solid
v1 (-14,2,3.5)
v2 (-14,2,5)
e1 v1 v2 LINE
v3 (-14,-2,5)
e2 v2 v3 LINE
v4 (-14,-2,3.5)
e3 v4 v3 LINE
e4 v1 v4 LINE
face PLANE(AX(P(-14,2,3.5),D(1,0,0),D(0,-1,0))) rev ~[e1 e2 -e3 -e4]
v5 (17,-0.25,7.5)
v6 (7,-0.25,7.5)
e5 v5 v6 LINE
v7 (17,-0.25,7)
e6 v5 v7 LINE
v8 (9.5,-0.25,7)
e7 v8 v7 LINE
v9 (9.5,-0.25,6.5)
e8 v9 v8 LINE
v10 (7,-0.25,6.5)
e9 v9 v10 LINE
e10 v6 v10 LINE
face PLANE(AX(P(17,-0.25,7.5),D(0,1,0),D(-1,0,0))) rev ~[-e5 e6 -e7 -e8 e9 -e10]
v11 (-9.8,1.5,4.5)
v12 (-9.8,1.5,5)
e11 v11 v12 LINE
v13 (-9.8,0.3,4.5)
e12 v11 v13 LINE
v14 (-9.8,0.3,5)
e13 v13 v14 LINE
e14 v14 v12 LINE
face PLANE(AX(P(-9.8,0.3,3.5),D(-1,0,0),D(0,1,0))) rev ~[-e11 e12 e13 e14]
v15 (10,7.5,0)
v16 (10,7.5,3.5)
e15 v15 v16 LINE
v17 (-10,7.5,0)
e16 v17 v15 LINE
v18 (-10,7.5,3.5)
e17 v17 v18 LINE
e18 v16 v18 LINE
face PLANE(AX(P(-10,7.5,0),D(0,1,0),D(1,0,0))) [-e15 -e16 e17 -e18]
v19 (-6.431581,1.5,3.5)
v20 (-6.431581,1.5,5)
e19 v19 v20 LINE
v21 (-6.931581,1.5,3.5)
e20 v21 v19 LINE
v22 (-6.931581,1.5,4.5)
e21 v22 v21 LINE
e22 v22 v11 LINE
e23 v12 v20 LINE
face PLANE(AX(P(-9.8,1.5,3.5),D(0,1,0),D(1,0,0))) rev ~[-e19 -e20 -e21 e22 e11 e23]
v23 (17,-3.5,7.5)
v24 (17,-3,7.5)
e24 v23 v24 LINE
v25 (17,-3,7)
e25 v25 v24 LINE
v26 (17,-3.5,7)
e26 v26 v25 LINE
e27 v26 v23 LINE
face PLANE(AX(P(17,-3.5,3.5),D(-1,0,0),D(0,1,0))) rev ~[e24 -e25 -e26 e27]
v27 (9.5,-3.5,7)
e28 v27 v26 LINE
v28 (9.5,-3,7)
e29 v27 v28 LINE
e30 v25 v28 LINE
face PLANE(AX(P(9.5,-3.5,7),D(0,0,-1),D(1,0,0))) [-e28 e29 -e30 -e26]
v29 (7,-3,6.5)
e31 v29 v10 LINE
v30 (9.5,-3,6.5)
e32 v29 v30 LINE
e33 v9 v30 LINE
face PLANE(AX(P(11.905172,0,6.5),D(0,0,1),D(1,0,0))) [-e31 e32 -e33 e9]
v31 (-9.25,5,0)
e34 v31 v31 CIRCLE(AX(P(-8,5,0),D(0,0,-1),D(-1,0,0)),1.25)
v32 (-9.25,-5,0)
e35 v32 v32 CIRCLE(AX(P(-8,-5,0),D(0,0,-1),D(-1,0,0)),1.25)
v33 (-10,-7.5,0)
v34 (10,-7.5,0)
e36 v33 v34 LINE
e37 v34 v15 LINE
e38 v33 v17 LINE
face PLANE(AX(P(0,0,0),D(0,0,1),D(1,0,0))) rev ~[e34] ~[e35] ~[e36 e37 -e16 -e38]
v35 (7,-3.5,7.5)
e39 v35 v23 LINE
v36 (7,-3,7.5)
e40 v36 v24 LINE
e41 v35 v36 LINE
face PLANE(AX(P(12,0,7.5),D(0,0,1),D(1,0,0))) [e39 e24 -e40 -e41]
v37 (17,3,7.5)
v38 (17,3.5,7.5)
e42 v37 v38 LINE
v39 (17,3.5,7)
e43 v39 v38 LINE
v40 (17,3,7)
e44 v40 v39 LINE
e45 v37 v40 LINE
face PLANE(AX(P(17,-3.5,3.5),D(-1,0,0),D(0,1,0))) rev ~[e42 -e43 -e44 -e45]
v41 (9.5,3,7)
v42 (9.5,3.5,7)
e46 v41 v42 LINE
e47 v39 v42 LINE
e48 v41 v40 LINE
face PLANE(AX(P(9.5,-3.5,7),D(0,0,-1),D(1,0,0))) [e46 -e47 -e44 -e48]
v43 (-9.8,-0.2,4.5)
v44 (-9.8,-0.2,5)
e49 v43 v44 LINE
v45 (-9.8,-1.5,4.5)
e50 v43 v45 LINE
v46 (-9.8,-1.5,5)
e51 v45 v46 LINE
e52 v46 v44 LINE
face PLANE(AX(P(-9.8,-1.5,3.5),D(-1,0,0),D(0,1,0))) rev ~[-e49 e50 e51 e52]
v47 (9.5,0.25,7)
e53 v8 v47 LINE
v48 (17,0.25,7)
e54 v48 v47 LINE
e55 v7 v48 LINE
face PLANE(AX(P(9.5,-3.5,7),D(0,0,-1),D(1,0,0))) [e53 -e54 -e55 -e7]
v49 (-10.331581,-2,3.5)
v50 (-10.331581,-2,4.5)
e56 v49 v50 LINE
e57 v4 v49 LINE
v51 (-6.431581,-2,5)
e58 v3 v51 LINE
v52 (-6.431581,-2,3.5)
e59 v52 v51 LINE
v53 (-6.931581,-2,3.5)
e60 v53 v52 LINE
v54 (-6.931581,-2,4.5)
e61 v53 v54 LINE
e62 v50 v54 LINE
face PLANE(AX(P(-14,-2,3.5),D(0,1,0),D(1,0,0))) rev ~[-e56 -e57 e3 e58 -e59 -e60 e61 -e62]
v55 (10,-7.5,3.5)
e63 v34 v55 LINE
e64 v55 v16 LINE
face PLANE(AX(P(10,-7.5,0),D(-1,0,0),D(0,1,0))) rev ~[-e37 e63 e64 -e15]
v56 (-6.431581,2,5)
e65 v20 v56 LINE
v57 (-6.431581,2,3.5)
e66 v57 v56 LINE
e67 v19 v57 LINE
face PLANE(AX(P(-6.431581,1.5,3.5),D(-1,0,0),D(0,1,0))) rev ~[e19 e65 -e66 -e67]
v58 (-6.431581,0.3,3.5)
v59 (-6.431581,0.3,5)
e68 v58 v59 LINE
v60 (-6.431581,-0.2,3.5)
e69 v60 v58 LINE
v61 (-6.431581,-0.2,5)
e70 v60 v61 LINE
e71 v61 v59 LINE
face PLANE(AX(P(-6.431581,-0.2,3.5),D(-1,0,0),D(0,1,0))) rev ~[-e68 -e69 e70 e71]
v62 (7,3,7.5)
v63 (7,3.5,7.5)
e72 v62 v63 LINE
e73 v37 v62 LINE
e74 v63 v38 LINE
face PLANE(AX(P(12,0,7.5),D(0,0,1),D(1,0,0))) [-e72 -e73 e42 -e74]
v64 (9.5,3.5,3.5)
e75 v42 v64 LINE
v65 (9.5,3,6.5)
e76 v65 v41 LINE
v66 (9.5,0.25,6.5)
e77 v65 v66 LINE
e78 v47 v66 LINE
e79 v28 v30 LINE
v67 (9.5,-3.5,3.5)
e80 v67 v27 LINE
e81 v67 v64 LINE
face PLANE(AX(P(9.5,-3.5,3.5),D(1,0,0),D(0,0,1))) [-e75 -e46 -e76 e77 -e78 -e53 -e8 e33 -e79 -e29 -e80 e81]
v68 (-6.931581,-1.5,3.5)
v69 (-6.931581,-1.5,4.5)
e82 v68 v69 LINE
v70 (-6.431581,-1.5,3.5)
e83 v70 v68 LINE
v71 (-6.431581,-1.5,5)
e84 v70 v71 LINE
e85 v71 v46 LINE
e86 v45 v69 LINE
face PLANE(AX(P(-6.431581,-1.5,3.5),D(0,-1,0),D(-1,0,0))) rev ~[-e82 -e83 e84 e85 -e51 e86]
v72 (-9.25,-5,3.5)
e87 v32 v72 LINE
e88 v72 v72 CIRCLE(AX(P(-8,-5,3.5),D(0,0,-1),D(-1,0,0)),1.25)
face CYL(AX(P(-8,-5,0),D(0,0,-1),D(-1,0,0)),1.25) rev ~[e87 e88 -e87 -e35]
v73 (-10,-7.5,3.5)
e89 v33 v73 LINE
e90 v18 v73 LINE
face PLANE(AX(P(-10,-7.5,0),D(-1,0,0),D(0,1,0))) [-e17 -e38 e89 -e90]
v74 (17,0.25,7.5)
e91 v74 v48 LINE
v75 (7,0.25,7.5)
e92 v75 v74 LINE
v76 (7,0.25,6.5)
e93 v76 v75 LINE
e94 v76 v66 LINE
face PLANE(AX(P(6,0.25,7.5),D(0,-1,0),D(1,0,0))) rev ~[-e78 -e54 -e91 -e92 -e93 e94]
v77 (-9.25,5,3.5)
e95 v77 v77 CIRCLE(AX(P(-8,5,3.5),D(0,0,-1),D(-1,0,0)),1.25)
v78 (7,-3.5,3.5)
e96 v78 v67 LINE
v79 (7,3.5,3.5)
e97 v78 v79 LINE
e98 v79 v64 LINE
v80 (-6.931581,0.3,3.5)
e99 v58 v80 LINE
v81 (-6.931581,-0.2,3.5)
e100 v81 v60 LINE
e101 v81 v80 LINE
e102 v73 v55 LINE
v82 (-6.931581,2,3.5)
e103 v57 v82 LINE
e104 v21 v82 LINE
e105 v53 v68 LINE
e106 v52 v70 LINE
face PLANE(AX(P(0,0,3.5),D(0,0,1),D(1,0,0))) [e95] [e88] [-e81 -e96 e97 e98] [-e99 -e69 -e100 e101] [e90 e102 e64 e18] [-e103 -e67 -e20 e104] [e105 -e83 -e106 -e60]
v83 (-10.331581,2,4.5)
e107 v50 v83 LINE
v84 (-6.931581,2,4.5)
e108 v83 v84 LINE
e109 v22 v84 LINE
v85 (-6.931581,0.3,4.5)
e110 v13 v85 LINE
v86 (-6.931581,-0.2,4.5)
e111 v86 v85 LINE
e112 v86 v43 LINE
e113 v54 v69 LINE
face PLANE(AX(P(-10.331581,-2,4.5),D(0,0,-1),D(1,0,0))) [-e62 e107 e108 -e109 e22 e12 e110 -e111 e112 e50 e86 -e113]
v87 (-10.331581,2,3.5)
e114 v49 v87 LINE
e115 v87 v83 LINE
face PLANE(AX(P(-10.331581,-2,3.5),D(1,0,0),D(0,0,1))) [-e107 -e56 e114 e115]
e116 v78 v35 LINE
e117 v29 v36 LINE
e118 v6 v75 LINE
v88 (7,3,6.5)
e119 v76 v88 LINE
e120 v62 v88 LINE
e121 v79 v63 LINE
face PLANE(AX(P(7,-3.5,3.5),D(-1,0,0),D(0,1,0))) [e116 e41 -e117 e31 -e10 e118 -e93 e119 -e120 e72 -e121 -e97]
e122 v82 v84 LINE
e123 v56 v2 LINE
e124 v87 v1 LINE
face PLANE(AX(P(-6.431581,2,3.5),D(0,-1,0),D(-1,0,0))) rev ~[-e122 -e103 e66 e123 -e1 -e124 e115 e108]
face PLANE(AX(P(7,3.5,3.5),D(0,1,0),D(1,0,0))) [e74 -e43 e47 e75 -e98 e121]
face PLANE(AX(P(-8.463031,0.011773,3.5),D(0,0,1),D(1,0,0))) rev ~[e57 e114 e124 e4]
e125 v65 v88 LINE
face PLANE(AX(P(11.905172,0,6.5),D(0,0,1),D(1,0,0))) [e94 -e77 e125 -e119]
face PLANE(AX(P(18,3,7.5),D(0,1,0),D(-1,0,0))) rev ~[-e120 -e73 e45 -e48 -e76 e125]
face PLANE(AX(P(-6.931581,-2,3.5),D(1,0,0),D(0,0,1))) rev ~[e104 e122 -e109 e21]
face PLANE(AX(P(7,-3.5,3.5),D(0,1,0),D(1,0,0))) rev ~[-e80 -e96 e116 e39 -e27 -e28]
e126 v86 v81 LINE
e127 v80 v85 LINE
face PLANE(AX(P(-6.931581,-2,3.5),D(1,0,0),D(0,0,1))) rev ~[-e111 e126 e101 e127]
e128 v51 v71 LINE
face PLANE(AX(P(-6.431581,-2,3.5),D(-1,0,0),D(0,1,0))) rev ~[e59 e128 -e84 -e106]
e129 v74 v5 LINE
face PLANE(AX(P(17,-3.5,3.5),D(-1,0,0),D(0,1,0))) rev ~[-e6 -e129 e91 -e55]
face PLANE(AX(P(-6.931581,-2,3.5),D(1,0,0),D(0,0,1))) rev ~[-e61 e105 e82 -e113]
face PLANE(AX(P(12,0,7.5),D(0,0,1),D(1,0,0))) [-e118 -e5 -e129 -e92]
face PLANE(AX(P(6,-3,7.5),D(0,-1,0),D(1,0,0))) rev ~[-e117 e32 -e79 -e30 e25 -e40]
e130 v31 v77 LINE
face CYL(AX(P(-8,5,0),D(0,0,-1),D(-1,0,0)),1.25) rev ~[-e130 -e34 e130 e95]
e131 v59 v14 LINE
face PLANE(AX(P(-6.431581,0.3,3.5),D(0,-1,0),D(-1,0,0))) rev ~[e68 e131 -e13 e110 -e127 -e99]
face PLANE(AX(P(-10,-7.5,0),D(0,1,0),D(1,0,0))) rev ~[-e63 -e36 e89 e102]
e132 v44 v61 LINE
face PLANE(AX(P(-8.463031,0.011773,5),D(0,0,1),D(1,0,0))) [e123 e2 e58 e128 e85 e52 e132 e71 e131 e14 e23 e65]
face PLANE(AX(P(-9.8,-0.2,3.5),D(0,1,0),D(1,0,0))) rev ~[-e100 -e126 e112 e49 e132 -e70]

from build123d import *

# Parameters (mm, degrees)
SKETCH1_W           = 20
SKETCH1_H           = 15
BOSS_EXTRUDE1_DEPTH = 3.5
BOSS_EXTRUDE8_DEPTH = 1.5
SKETCH3_W           = 3.4
SKETCH3_H           = 1
CUT_EXTRUDE1_DEPTH  = 18.642278764
SKETCH4_W           = 10
SKETCH4_H           = 7
BOSS_EXTRUDE9_DEPTH = 4
SKETCH5_W           = 7.5
SKETCH5_H           = 3.5
CUT_EXTRUDE2_DEPTH  = 22.592822882
CUT_EXTRUDE3_DEPTH  = 1
SKETCH7_R           = 1.25
CUT_EXTRUDE4_DEPTH  = 21.03746491


with BuildPart() as part:
    # Sketch1 → Boss-Extrude1 (new body)
    with BuildSketch(Plane.XY):
        Rectangle(SKETCH1_W, SKETCH1_H)
    extrude(amount=BOSS_EXTRUDE1_DEPTH)

    # Sketch2 → Boss-Extrude8 (add)
    with BuildSketch(Plane.XY.offset(3.5)):
        Polygon((-6.431580724, 2), (-10, 2), (-10, 1.5), (-10, 0.3), (-10, -2), (-6.431580724, -2), (-6.431580724, -1.5), (-9.8, -1.5), (-9.8, -0.2), (-6.431580724, -0.2), (-6.431580724, 0.3), (-9.8, 0.3), (-9.8, 1.5), (-6.431580724, 1.5), align=None)
        Polygon((-10, 1.5), (-10, 2), (-14, 2), (-14, -2), (-10, -2), (-10, 0.3), align=None)
    extrude(amount=BOSS_EXTRUDE8_DEPTH)

    # Sketch3 → Cut-Extrude1 (cut, through all)
    with BuildSketch(Plane.XZ.offset(2)):
        with Locations((-8.631580724, 4)):
            Rectangle(SKETCH3_W, SKETCH3_H)
    extrude(amount=-CUT_EXTRUDE1_DEPTH, mode=Mode.SUBTRACT)

    # Sketch4 → Boss-Extrude9 (add)
    with BuildSketch(Plane.XY.offset(3.5)):
        with Locations((12, 0)):
            Rectangle(SKETCH4_W, SKETCH4_H)
    extrude(amount=BOSS_EXTRUDE9_DEPTH)

    # Sketch5 → Cut-Extrude2 (cut, through all)
    with BuildSketch(Plane.XZ.offset(3.5)):
        with Locations((13.25, 5.25)):
            Rectangle(SKETCH5_W, SKETCH5_H)
    extrude(amount=-CUT_EXTRUDE2_DEPTH, mode=Mode.SUBTRACT)

    # Sketch6 → Cut-Extrude3 (cut)
    with BuildSketch(Plane.XY.offset(7.5)):
        Polygon((17, 3), (6, 3), (6, 0.25), (17, 0.25), (17, -0.25), (6, -0.25), (6, -3), (17, -3), (18, -3), (18, 3), align=None)
    extrude(amount=-CUT_EXTRUDE3_DEPTH, mode=Mode.SUBTRACT)

    # Sketch7 → Cut-Extrude4 (cut, through all)
    with BuildSketch(Plane(origin=(0, 0, 0), x_dir=(-1, 0, 0), z_dir=(0, 0, -1))):
        with Locations((8, -5)):
            Circle(SKETCH7_R)
        with Locations((8, 5)):
            Circle(SKETCH7_R)
    extrude(amount=-CUT_EXTRUDE4_DEPTH, mode=Mode.SUBTRACT)


solid = part.part
